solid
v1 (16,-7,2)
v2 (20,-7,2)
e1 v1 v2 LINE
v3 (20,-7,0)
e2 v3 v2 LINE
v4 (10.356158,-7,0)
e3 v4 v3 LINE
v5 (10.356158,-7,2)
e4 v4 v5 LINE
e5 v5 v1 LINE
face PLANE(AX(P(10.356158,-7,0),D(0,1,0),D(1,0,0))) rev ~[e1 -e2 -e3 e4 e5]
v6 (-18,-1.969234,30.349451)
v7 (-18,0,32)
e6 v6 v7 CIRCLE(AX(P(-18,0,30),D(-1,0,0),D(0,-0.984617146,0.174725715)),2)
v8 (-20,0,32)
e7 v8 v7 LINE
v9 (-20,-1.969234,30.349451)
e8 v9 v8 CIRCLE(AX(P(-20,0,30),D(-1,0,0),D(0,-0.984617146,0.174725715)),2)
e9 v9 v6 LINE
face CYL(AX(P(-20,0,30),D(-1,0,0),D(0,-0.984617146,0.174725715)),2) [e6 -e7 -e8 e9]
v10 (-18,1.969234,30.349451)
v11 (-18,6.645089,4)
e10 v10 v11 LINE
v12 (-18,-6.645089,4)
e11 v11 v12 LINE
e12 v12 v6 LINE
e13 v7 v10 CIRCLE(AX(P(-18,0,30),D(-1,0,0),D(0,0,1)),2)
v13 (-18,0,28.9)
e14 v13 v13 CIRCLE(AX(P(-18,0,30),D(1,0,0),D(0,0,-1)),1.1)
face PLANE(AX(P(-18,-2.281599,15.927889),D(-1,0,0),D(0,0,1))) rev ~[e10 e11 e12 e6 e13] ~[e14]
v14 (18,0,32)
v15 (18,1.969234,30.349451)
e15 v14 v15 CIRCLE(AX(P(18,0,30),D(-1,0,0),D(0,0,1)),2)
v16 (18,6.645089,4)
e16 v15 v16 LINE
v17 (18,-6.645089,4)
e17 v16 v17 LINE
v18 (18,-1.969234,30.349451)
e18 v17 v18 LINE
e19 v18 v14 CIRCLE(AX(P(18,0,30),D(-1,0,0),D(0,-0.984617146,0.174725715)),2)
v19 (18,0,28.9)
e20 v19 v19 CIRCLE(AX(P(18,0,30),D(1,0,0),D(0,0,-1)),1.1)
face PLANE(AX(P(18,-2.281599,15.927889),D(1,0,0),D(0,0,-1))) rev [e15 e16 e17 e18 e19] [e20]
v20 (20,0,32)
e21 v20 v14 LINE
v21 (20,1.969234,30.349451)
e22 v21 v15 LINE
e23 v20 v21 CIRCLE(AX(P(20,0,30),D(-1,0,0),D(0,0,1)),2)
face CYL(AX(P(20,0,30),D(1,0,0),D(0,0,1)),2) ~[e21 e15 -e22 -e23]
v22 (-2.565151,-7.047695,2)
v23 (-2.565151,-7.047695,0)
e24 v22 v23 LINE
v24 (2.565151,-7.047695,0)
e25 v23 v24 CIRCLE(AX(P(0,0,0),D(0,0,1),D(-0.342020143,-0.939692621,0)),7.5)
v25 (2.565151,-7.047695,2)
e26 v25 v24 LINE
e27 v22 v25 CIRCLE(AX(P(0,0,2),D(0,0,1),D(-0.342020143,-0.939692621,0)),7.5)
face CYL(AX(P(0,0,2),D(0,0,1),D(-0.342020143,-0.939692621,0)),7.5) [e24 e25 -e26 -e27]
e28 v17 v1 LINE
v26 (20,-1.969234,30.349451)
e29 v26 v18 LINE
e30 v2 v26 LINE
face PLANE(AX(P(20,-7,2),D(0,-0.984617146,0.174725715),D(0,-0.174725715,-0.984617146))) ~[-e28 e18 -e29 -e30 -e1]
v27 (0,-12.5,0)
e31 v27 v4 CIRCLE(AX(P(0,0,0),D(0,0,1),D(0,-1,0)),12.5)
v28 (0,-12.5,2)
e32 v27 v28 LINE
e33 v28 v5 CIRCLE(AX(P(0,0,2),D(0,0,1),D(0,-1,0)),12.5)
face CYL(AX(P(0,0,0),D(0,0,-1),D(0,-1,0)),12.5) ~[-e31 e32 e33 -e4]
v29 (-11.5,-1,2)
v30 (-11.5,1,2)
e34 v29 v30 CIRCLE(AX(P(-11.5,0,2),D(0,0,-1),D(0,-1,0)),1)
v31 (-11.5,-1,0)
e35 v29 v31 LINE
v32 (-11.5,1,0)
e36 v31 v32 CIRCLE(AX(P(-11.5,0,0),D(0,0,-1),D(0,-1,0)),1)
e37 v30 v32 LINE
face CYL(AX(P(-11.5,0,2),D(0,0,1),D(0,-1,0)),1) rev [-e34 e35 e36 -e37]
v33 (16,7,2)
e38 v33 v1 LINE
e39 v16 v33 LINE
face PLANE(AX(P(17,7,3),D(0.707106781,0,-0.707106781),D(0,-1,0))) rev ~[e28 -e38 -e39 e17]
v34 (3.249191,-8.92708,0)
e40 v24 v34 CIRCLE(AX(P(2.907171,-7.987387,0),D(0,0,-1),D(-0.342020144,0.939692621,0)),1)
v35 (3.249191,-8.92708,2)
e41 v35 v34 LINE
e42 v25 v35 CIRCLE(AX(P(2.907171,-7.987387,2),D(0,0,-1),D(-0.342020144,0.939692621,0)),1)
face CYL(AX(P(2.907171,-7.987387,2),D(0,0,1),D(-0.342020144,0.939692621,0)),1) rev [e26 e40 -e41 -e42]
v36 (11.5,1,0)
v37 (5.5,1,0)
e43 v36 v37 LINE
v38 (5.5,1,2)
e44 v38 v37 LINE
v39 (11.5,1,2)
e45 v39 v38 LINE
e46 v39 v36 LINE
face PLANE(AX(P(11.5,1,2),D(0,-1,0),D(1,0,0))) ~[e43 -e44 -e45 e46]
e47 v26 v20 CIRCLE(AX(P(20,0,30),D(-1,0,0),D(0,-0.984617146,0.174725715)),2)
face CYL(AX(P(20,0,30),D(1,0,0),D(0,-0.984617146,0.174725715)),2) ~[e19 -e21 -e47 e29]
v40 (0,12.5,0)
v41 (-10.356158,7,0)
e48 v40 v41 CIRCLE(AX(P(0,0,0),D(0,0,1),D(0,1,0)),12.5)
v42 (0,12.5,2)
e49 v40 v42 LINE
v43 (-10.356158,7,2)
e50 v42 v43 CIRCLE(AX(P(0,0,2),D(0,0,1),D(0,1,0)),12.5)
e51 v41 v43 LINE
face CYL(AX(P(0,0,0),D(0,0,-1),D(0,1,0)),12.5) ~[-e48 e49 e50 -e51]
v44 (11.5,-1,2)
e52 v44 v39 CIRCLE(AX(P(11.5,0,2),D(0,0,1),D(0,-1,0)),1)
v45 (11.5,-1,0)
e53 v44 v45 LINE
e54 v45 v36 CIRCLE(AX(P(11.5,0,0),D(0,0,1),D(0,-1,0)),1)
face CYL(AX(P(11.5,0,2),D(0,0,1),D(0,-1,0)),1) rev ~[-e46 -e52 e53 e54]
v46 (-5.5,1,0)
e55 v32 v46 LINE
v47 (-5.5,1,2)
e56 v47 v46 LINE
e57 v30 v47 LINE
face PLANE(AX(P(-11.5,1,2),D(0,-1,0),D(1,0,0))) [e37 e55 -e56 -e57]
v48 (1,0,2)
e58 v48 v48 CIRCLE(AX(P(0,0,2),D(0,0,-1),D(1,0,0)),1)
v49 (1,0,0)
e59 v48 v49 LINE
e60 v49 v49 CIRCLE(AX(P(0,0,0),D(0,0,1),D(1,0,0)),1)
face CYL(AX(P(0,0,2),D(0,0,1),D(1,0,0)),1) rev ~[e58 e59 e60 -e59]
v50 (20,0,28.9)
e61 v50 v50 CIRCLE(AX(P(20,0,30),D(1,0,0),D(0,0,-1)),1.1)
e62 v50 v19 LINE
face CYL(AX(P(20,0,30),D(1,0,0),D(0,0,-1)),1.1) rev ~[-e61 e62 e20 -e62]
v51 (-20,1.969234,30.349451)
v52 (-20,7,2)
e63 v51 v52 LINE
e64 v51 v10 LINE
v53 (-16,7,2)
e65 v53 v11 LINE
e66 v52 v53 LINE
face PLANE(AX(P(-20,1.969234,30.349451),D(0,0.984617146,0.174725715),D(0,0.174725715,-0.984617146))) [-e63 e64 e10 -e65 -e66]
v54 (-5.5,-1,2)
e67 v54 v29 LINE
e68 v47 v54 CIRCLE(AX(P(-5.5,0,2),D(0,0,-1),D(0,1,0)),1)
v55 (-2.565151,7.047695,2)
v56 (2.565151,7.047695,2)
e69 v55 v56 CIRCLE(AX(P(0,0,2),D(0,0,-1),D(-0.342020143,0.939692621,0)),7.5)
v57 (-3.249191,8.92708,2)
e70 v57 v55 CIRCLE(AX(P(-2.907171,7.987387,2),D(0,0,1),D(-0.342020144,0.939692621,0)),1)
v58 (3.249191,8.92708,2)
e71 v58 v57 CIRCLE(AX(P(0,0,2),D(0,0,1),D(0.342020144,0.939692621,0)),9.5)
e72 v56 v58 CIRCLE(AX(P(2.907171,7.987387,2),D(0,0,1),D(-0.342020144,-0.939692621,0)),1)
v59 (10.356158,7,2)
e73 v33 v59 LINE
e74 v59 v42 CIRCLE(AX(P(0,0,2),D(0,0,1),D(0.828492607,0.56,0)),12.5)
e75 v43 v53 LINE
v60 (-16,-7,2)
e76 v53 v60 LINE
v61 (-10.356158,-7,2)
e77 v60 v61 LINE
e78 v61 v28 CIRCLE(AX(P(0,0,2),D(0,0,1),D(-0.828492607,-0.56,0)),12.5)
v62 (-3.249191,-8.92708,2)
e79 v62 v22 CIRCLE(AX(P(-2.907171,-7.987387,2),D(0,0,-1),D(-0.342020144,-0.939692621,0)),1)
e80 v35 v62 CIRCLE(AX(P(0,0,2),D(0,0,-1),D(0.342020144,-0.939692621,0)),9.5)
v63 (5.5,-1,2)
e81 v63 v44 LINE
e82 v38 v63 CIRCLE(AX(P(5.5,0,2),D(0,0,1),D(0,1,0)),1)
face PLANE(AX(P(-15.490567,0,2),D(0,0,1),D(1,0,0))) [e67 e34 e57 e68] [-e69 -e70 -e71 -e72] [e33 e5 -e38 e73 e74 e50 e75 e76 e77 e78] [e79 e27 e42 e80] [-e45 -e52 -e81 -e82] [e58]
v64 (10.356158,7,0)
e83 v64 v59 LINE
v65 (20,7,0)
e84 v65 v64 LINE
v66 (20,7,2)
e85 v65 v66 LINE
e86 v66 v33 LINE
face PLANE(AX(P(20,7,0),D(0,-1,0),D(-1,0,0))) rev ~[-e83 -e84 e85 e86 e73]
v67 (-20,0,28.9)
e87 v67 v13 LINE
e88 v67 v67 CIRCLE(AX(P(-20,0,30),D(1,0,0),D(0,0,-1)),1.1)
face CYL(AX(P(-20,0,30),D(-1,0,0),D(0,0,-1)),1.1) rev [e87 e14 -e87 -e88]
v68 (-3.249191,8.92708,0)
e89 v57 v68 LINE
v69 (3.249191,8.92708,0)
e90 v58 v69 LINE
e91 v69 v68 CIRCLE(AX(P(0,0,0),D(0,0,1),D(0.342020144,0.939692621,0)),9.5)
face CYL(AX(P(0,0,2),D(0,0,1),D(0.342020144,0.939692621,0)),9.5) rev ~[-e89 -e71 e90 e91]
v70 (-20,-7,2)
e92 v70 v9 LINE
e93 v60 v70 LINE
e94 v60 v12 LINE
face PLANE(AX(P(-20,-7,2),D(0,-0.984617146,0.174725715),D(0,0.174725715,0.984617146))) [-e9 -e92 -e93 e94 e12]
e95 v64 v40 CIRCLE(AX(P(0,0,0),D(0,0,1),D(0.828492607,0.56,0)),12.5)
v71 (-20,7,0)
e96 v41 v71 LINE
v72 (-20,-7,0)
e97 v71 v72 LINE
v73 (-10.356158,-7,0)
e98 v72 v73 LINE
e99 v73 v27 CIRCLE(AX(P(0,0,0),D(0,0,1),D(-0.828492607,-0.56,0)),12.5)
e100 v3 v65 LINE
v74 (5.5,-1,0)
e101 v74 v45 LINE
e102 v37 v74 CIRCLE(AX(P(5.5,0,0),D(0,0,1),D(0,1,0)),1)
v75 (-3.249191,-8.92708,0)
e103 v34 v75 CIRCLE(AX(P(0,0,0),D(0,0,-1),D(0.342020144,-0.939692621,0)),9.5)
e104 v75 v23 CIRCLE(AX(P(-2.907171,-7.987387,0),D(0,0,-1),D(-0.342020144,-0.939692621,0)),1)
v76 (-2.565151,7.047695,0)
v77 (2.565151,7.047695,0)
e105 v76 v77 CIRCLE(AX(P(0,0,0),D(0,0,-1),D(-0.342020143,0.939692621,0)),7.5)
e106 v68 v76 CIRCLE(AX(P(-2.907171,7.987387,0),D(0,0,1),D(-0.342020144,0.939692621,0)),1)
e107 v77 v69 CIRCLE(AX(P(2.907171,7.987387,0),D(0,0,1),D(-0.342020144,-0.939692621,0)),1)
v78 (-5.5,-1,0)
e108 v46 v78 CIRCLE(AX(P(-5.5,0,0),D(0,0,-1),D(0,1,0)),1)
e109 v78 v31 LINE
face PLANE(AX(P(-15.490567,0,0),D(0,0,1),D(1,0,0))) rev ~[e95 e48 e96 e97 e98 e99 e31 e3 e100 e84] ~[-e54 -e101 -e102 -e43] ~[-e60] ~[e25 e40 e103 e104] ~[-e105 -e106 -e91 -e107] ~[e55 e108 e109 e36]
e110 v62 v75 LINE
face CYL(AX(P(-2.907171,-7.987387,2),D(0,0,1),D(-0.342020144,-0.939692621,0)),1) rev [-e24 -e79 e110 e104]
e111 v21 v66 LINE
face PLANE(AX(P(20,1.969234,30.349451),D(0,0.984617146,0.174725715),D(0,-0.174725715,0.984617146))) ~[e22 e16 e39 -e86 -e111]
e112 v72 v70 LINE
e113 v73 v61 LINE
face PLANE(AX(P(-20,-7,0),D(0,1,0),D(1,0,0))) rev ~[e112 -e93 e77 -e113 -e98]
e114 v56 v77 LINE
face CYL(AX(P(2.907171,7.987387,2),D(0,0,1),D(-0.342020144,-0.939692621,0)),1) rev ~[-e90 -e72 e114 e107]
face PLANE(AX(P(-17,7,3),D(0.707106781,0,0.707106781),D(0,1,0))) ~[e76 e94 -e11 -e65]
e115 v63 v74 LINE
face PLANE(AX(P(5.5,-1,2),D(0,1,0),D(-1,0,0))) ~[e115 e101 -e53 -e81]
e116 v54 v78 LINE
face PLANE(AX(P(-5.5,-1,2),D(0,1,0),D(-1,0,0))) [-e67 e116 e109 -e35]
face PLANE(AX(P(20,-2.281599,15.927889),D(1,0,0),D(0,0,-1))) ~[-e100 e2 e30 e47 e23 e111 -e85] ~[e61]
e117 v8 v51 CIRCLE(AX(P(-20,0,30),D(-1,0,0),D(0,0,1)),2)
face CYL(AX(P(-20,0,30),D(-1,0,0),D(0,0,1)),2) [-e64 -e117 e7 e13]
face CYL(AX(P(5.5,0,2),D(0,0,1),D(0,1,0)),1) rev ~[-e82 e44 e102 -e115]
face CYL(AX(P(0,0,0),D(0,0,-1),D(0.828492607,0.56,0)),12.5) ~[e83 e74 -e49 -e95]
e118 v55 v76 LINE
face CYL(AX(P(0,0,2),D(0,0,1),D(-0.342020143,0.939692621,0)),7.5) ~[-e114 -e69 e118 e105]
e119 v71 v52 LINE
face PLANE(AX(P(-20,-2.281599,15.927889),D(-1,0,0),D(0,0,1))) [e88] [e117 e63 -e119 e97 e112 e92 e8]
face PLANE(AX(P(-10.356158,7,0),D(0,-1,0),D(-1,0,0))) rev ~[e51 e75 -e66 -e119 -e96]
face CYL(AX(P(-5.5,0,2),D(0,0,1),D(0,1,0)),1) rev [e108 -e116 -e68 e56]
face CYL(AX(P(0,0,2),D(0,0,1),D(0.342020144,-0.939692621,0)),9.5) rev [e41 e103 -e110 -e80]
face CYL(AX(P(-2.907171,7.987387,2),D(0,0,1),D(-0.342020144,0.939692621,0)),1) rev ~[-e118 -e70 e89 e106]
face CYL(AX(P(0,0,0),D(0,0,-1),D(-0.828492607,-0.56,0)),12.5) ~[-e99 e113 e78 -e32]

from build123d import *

# Parameters (mm, degrees)
EXTRUDE_1_DEPTH     = 2
EXTRUDE_2_DEPTH     = 2
SKETCH_3_R          = 1
CUT_EXTRUDE_1_DEPTH = 2
CHAMFER_1_SIZE      = 2


with BuildPart() as part:
    # 草图1 → 凸台-拉伸1 (new body)
    with BuildSketch(Plane.XY):
        with BuildLine():
            Line((-20, -7), (-10.356157589, -7))
            ThreePointArc((-10.356157589, -7), (-12.5, 0), (-10.356157589, 7))
            Line((-10.356157589, 7), (-20, 7))
            Line((-20, 7), (-20, -7))
        make_face()
        with BuildLine():
            ThreePointArc((-10.356157589, -7), (-5.8630197, -11.039701083), (0, -12.5))
            Line((0, -12.5), (0, 12.5))
            ThreePointArc((0, 12.5), (-5.8630197, 11.039701083), (-10.356157589, 7))
            ThreePointArc((-10.356157589, 7), (-12.5, 0), (-10.356157589, -7))
        make_face()
        with BuildLine():
            Line((0, 12.5), (0, -12.5))
            ThreePointArc((0, -12.5), (5.8630197, -11.039701083), (10.356157589, -7))
            Line((10.356157589, -7), (10.356157589, 7))
            ThreePointArc((10.356157589, 7), (5.8630197, 11.039701083), (0, 12.5))
        make_face()
        with BuildLine():
            Line((10.356157589, 7), (10.356157589, -7))
            ThreePointArc((10.356157589, -7), (11.952028486, -3.66046651), (12.5, 0))
            ThreePointArc((12.5, 0), (11.952028486, 3.66046651), (10.356157589, 7))
        make_face()
        with BuildLine():
            ThreePointArc((12.5, 0), (11.952028486, -3.66046651), (10.356157589, -7))
            Line((10.356157589, -7), (20, -7))
            Line((20, -7), (20, 7))
            Line((20, 7), (10.356157589, 7))
            ThreePointArc((10.356157589, 7), (11.952028486, 3.66046651), (12.5, 0))
        make_face()
    extrude(amount=EXTRUDE_1_DEPTH)

    # 草图2 → 凸台-拉伸2 (add)
    with BuildSketch(Plane.ZY.offset(20)):
        with BuildLine():
            Line((28.9, 0), (2, 0))
            Line((2, 0), (2, -7))
            Line((2, -7), (30.34945143, -1.969234292))
            ThreePointArc((30.34945143, -1.969234292), (31.532792037, -1.284736771), (32, 0))
            Line((32, 0), (31.1, 0))
            ThreePointArc((31.1, 0), (30, -1.1), (28.9, 0))
        make_face()
        with BuildLine():
            Line((30.34945143, 1.969234292), (2, 7))
            Line((2, 7), (2, 0))
            Line((2, 0), (28.9, 0))
            ThreePointArc((28.9, 0), (30, 1.1), (31.1, 0))
            Line((31.1, 0), (32, 0))
            ThreePointArc((32, 0), (31.532792037, 1.284736771), (30.34945143, 1.969234292))
        make_face()
    extrude_2 = extrude(amount=-EXTRUDE_2_DEPTH)

    # 镜向1: 凸台-拉伸2 across plane
    add(extrude_2.mirror(Plane(origin=(0, 0, 0), x_dir=(0, 0, 1), z_dir=(1, 0, 0))))

    # 草图3 → 切除-拉伸1 (cut)
    with BuildSketch(Plane.XY.offset(2)):
        Circle(SKETCH_3_R)
        with BuildLine():
            Line((-11.5, 1), (-5.5, 1))
            ThreePointArc((-5.5, 1), (-4.5, 0), (-5.5, -1))
            Line((-5.5, -1), (-11.5, -1))
            ThreePointArc((-11.5, -1), (-12.5, 0), (-11.5, 1))
        make_face()
        with BuildLine():
            ThreePointArc((3.249191362, 8.927079897), (0, 9.5), (-3.249191362, 8.927079897))
            ThreePointArc((-3.249191362, 8.927079897), (-3.846863839, 7.645367133), (-2.565151075, 7.047694656))
            ThreePointArc((-2.565151075, 7.047694656), (0, 7.5), (2.565151075, 7.047694656))
            ThreePointArc((2.565151075, 7.047694656), (3.846863839, 7.645367133), (3.249191362, 8.927079897))
        make_face()
    cut_extrude_1 = extrude(amount=-CUT_EXTRUDE_1_DEPTH, mode=Mode.SUBTRACT)

    # 镜向2: 切除-拉伸1 across plane
    add(cut_extrude_1.mirror(Plane.ZX), mode=Mode.SUBTRACT)

    # 镜向3: 切除-拉伸1 across plane
    add(cut_extrude_1.mirror(Plane(origin=(0, 0, 0), x_dir=(0, 0, 1), z_dir=(1, 0, 0))), mode=Mode.SUBTRACT)

    # 倒角1
    chamfer_1_edges = [part.edges().sort_by_distance(p)[0] for p in [
        (-18, 0, 2),
        (18, 0, 2),
    ]]
    chamfer(chamfer_1_edges, length=CHAMFER_1_SIZE)


solid = part.part
